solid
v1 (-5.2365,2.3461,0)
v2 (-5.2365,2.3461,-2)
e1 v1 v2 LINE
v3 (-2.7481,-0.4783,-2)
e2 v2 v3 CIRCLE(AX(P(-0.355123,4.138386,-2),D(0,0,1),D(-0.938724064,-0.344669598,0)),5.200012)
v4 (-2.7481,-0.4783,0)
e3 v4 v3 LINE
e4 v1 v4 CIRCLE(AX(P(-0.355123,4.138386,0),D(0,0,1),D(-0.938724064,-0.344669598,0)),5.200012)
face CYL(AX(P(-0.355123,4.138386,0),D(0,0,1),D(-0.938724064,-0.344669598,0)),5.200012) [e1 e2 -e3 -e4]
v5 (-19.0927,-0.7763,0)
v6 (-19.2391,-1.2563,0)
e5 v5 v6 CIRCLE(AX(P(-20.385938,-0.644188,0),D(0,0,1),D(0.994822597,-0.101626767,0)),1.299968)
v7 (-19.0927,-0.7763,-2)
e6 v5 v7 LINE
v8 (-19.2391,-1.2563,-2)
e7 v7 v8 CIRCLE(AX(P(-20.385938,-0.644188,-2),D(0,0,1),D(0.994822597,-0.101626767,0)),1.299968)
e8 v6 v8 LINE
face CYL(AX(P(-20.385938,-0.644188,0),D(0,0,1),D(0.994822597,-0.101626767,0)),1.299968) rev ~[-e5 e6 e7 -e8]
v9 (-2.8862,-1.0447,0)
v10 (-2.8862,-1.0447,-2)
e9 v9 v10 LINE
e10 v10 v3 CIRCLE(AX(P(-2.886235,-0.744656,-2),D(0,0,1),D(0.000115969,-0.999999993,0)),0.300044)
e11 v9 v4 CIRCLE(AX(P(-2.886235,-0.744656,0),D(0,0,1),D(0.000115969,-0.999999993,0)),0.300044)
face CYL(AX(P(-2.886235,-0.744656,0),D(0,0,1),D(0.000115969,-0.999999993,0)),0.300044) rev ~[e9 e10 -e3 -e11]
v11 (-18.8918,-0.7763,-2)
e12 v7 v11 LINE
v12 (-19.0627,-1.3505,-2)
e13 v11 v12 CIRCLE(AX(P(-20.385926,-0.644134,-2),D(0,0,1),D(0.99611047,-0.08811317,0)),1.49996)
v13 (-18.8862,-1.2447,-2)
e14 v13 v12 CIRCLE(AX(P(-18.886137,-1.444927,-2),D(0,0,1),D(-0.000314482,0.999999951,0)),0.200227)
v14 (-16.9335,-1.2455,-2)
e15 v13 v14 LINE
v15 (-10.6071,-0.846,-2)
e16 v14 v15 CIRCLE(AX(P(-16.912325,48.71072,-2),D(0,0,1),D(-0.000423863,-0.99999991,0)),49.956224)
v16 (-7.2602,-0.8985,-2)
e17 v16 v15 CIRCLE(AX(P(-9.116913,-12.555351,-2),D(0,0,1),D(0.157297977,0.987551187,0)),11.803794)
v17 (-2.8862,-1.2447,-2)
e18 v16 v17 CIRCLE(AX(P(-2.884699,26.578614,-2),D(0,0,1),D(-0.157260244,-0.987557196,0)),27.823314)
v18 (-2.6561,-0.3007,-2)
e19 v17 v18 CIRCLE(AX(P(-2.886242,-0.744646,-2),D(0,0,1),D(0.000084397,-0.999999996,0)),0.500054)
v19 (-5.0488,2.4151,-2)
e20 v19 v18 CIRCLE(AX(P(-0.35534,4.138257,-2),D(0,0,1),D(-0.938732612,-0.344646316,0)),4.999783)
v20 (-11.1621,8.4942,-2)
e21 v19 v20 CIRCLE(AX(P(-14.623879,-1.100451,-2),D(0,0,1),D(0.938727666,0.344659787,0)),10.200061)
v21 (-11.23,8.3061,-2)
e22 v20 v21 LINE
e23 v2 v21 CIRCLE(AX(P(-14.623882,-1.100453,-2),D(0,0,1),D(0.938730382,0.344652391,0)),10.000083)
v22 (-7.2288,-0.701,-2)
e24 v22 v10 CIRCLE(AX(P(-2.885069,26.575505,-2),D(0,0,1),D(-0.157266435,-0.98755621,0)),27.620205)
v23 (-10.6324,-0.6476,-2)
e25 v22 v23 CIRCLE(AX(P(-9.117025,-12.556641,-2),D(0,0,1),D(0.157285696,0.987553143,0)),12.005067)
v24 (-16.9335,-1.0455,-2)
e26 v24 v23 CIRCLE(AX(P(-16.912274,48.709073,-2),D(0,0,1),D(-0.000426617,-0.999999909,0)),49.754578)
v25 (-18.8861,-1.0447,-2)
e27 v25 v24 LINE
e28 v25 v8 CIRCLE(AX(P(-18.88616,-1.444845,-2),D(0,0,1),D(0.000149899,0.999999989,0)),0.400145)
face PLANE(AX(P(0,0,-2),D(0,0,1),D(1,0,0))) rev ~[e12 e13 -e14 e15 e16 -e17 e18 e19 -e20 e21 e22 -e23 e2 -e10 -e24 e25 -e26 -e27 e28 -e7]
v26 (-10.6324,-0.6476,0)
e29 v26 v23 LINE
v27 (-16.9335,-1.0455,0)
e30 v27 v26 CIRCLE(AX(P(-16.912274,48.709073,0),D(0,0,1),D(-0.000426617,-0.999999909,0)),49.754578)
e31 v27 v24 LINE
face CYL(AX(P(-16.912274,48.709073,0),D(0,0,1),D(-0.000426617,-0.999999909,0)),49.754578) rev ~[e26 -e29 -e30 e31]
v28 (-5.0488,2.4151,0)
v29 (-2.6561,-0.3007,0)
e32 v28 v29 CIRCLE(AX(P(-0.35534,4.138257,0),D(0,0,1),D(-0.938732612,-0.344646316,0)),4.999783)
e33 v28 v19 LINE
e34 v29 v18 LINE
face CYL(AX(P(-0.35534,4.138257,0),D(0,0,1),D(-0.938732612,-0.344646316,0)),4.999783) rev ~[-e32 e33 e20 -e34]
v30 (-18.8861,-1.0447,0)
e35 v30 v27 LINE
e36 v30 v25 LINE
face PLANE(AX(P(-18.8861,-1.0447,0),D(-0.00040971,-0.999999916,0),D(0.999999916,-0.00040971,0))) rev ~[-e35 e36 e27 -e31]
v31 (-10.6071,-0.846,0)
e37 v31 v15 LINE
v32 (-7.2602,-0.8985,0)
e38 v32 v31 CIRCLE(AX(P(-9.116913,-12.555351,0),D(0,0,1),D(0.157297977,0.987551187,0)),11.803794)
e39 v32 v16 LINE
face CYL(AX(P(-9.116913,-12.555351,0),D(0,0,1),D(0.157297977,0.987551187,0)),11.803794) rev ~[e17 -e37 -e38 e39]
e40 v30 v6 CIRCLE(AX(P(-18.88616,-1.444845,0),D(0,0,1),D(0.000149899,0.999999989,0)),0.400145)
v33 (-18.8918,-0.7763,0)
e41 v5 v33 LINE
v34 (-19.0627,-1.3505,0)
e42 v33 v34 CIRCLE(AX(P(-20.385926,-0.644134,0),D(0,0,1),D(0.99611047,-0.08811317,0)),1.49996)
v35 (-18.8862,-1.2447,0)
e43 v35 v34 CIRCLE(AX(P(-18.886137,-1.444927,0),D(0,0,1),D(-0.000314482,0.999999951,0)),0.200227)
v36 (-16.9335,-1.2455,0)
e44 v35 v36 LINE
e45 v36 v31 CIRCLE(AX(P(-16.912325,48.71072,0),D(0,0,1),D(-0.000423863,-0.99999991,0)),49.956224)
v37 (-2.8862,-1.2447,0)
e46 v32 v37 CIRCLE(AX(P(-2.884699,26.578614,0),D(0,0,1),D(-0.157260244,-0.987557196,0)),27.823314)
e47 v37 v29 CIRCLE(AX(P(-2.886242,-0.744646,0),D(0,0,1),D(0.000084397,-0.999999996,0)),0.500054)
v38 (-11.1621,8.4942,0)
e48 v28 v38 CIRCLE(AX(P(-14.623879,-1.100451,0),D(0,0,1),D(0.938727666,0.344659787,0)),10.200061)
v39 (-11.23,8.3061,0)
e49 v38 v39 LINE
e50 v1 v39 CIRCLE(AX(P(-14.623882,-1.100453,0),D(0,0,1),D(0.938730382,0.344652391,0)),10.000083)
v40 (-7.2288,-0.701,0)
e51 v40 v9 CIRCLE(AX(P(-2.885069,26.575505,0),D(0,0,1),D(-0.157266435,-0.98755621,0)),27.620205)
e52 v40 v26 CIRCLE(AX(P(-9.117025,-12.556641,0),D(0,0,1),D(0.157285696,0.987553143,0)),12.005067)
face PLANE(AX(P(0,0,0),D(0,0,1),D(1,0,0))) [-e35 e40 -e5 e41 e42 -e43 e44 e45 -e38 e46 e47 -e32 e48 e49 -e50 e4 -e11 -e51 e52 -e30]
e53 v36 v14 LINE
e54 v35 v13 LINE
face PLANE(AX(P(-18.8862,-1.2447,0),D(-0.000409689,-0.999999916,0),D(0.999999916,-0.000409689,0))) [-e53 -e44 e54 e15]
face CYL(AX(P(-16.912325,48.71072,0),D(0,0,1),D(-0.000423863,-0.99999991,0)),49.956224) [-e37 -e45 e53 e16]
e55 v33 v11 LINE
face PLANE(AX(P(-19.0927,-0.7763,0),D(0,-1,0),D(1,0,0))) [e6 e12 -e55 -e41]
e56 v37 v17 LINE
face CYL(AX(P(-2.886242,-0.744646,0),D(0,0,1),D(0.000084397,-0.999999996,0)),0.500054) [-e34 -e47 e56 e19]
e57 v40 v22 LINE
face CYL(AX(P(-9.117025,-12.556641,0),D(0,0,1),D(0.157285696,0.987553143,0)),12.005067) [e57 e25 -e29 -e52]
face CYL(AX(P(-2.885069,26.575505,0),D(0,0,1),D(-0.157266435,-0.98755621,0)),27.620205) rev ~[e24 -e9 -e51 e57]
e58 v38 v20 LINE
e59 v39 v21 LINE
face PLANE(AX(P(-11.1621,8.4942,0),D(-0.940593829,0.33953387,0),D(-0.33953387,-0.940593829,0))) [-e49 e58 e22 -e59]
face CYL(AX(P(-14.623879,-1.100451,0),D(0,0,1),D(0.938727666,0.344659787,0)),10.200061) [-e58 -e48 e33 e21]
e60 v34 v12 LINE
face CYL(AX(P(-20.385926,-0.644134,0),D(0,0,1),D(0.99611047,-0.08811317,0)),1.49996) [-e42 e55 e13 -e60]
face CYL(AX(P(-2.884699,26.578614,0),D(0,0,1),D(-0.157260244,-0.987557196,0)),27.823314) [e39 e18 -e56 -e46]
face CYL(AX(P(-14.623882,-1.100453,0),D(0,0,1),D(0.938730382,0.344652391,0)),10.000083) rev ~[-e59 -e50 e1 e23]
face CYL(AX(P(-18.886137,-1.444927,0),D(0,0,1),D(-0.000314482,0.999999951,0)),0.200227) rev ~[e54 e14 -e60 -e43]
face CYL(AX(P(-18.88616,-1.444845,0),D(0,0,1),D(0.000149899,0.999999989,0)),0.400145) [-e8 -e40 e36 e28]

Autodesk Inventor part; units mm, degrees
ref_plane "YZ Plane" through (0, 0, 0) normal (1, 0, 0) x (0, 1, 0)
ref_plane "XZ Plane" through (0, 0, 0) normal (0, 1, 0) x (-1, 0, 0)
ref_plane "XY Plane" through (0, 0, 0) normal (0, 0, 1) x (1, 0, 0)
sketch "Sketch1" plane through (0, 0, 0) normal (0, 0, 1) x (1, 0, 0)
  arc A0 (-2.8862, -1.2447) -> (-2.6561, -0.3007) centre (-2.8862, -0.7447) ccw
  arc A1 (-7.2602, -0.8985) -> (-2.8862, -1.2447) centre (-2.8862, 26.566) ccw
  arc A2 (-5.0488, 2.4151) -> (-2.6561, -0.3007) centre (-0.3551, 4.1384) ccw
  arc A3 (-5.0488, 2.4151) -> (-11.1621, 8.4942) centre (-14.6238, -1.1004) ccw
  arc A4 (-16.9335, -1.2455) -> (-10.6071, -0.846) centre (-16.9124, 48.7131) ccw
  arc A5 (-7.2602, -0.8985) -> (-10.6071, -0.846) centre (-9.1171, -12.5575) ccw
  arc A6 (-16.9335, -1.0455) -> (-10.6324, -0.6476) centre (-16.9124, 48.7131) ccw
  arc A7 (-7.2288, -0.701) -> (-10.6324, -0.6476) centre (-9.1171, -12.5575) ccw
  arc A8 (-7.2288, -0.701) -> (-2.8862, -1.0447) centre (-2.8862, 26.566) ccw
  arc A9 (-2.8862, -1.0447) -> (-2.7481, -0.4783) centre (-2.8862, -0.7447) ccw
  arc A10 (-5.2365, 2.3461) -> (-2.7481, -0.4783) centre (-0.3551, 4.1384) ccw
  arc A11 (-5.2365, 2.3461) -> (-11.23, 8.3061) centre (-14.6238, -1.1004) ccw
  line L0 (-11.1621, 8.4942) -> (-11.23, 8.3061)
  line L1 (-5.2365, 2.3461) -> (-5.0488, 2.4151) construction
  line L2 (-2.7481, -0.4783) -> (-2.6561, -0.3007) construction
  line L3 (-5.0488, 2.4151) -> (-0.3551, 4.1384) construction
  line L4 (-0.3551, 4.1384) -> (-2.6561, -0.3007) construction
  line L5 (-11.23, 8.3061) -> (-14.6238, -1.1004) construction
  arc A12 (-18.8918, -0.7763) -> (-19.0627, -1.3505) centre (-20.3859, -0.644) ccw projected
  arc A13 (-18.8862, -1.2447) -> (-19.0627, -1.3505) centre (-18.8862, -1.4447) ccw projected
  arc A14 (-19.0927, -0.7763) -> (-19.2391, -1.2563) centre (-20.3859, -0.644) ccw
  arc A15 (-18.8861, -1.0447) -> (-19.2391, -1.2563) centre (-18.8862, -1.4447) ccw
  line L6 (-18.8862, -1.2447) -> (-16.9335, -1.2455)
  line L7 (-18.8861, -1.0447) -> (-16.9335, -1.0455)
  line L8 (-18.8862, -1.2447) -> (-2.8862, -1.2447) construction
  line L9 (-19.0927, -0.7763) -> (-18.8918, -0.7763)
  point P0 (-18.8374, -1.1048)
  dimension "d25" = 50
  dimension "d26" = 42.44
  dimension "d27" = 10
  dimension "d28" = 5
  dimension "d34" = 0.5
  dimension "d35" = 1.3
  dimension "d36" = 16
extrude "Extrusion2" add sketch "Sketch1" against normal blind 2
properties part number "scissor_spring"
